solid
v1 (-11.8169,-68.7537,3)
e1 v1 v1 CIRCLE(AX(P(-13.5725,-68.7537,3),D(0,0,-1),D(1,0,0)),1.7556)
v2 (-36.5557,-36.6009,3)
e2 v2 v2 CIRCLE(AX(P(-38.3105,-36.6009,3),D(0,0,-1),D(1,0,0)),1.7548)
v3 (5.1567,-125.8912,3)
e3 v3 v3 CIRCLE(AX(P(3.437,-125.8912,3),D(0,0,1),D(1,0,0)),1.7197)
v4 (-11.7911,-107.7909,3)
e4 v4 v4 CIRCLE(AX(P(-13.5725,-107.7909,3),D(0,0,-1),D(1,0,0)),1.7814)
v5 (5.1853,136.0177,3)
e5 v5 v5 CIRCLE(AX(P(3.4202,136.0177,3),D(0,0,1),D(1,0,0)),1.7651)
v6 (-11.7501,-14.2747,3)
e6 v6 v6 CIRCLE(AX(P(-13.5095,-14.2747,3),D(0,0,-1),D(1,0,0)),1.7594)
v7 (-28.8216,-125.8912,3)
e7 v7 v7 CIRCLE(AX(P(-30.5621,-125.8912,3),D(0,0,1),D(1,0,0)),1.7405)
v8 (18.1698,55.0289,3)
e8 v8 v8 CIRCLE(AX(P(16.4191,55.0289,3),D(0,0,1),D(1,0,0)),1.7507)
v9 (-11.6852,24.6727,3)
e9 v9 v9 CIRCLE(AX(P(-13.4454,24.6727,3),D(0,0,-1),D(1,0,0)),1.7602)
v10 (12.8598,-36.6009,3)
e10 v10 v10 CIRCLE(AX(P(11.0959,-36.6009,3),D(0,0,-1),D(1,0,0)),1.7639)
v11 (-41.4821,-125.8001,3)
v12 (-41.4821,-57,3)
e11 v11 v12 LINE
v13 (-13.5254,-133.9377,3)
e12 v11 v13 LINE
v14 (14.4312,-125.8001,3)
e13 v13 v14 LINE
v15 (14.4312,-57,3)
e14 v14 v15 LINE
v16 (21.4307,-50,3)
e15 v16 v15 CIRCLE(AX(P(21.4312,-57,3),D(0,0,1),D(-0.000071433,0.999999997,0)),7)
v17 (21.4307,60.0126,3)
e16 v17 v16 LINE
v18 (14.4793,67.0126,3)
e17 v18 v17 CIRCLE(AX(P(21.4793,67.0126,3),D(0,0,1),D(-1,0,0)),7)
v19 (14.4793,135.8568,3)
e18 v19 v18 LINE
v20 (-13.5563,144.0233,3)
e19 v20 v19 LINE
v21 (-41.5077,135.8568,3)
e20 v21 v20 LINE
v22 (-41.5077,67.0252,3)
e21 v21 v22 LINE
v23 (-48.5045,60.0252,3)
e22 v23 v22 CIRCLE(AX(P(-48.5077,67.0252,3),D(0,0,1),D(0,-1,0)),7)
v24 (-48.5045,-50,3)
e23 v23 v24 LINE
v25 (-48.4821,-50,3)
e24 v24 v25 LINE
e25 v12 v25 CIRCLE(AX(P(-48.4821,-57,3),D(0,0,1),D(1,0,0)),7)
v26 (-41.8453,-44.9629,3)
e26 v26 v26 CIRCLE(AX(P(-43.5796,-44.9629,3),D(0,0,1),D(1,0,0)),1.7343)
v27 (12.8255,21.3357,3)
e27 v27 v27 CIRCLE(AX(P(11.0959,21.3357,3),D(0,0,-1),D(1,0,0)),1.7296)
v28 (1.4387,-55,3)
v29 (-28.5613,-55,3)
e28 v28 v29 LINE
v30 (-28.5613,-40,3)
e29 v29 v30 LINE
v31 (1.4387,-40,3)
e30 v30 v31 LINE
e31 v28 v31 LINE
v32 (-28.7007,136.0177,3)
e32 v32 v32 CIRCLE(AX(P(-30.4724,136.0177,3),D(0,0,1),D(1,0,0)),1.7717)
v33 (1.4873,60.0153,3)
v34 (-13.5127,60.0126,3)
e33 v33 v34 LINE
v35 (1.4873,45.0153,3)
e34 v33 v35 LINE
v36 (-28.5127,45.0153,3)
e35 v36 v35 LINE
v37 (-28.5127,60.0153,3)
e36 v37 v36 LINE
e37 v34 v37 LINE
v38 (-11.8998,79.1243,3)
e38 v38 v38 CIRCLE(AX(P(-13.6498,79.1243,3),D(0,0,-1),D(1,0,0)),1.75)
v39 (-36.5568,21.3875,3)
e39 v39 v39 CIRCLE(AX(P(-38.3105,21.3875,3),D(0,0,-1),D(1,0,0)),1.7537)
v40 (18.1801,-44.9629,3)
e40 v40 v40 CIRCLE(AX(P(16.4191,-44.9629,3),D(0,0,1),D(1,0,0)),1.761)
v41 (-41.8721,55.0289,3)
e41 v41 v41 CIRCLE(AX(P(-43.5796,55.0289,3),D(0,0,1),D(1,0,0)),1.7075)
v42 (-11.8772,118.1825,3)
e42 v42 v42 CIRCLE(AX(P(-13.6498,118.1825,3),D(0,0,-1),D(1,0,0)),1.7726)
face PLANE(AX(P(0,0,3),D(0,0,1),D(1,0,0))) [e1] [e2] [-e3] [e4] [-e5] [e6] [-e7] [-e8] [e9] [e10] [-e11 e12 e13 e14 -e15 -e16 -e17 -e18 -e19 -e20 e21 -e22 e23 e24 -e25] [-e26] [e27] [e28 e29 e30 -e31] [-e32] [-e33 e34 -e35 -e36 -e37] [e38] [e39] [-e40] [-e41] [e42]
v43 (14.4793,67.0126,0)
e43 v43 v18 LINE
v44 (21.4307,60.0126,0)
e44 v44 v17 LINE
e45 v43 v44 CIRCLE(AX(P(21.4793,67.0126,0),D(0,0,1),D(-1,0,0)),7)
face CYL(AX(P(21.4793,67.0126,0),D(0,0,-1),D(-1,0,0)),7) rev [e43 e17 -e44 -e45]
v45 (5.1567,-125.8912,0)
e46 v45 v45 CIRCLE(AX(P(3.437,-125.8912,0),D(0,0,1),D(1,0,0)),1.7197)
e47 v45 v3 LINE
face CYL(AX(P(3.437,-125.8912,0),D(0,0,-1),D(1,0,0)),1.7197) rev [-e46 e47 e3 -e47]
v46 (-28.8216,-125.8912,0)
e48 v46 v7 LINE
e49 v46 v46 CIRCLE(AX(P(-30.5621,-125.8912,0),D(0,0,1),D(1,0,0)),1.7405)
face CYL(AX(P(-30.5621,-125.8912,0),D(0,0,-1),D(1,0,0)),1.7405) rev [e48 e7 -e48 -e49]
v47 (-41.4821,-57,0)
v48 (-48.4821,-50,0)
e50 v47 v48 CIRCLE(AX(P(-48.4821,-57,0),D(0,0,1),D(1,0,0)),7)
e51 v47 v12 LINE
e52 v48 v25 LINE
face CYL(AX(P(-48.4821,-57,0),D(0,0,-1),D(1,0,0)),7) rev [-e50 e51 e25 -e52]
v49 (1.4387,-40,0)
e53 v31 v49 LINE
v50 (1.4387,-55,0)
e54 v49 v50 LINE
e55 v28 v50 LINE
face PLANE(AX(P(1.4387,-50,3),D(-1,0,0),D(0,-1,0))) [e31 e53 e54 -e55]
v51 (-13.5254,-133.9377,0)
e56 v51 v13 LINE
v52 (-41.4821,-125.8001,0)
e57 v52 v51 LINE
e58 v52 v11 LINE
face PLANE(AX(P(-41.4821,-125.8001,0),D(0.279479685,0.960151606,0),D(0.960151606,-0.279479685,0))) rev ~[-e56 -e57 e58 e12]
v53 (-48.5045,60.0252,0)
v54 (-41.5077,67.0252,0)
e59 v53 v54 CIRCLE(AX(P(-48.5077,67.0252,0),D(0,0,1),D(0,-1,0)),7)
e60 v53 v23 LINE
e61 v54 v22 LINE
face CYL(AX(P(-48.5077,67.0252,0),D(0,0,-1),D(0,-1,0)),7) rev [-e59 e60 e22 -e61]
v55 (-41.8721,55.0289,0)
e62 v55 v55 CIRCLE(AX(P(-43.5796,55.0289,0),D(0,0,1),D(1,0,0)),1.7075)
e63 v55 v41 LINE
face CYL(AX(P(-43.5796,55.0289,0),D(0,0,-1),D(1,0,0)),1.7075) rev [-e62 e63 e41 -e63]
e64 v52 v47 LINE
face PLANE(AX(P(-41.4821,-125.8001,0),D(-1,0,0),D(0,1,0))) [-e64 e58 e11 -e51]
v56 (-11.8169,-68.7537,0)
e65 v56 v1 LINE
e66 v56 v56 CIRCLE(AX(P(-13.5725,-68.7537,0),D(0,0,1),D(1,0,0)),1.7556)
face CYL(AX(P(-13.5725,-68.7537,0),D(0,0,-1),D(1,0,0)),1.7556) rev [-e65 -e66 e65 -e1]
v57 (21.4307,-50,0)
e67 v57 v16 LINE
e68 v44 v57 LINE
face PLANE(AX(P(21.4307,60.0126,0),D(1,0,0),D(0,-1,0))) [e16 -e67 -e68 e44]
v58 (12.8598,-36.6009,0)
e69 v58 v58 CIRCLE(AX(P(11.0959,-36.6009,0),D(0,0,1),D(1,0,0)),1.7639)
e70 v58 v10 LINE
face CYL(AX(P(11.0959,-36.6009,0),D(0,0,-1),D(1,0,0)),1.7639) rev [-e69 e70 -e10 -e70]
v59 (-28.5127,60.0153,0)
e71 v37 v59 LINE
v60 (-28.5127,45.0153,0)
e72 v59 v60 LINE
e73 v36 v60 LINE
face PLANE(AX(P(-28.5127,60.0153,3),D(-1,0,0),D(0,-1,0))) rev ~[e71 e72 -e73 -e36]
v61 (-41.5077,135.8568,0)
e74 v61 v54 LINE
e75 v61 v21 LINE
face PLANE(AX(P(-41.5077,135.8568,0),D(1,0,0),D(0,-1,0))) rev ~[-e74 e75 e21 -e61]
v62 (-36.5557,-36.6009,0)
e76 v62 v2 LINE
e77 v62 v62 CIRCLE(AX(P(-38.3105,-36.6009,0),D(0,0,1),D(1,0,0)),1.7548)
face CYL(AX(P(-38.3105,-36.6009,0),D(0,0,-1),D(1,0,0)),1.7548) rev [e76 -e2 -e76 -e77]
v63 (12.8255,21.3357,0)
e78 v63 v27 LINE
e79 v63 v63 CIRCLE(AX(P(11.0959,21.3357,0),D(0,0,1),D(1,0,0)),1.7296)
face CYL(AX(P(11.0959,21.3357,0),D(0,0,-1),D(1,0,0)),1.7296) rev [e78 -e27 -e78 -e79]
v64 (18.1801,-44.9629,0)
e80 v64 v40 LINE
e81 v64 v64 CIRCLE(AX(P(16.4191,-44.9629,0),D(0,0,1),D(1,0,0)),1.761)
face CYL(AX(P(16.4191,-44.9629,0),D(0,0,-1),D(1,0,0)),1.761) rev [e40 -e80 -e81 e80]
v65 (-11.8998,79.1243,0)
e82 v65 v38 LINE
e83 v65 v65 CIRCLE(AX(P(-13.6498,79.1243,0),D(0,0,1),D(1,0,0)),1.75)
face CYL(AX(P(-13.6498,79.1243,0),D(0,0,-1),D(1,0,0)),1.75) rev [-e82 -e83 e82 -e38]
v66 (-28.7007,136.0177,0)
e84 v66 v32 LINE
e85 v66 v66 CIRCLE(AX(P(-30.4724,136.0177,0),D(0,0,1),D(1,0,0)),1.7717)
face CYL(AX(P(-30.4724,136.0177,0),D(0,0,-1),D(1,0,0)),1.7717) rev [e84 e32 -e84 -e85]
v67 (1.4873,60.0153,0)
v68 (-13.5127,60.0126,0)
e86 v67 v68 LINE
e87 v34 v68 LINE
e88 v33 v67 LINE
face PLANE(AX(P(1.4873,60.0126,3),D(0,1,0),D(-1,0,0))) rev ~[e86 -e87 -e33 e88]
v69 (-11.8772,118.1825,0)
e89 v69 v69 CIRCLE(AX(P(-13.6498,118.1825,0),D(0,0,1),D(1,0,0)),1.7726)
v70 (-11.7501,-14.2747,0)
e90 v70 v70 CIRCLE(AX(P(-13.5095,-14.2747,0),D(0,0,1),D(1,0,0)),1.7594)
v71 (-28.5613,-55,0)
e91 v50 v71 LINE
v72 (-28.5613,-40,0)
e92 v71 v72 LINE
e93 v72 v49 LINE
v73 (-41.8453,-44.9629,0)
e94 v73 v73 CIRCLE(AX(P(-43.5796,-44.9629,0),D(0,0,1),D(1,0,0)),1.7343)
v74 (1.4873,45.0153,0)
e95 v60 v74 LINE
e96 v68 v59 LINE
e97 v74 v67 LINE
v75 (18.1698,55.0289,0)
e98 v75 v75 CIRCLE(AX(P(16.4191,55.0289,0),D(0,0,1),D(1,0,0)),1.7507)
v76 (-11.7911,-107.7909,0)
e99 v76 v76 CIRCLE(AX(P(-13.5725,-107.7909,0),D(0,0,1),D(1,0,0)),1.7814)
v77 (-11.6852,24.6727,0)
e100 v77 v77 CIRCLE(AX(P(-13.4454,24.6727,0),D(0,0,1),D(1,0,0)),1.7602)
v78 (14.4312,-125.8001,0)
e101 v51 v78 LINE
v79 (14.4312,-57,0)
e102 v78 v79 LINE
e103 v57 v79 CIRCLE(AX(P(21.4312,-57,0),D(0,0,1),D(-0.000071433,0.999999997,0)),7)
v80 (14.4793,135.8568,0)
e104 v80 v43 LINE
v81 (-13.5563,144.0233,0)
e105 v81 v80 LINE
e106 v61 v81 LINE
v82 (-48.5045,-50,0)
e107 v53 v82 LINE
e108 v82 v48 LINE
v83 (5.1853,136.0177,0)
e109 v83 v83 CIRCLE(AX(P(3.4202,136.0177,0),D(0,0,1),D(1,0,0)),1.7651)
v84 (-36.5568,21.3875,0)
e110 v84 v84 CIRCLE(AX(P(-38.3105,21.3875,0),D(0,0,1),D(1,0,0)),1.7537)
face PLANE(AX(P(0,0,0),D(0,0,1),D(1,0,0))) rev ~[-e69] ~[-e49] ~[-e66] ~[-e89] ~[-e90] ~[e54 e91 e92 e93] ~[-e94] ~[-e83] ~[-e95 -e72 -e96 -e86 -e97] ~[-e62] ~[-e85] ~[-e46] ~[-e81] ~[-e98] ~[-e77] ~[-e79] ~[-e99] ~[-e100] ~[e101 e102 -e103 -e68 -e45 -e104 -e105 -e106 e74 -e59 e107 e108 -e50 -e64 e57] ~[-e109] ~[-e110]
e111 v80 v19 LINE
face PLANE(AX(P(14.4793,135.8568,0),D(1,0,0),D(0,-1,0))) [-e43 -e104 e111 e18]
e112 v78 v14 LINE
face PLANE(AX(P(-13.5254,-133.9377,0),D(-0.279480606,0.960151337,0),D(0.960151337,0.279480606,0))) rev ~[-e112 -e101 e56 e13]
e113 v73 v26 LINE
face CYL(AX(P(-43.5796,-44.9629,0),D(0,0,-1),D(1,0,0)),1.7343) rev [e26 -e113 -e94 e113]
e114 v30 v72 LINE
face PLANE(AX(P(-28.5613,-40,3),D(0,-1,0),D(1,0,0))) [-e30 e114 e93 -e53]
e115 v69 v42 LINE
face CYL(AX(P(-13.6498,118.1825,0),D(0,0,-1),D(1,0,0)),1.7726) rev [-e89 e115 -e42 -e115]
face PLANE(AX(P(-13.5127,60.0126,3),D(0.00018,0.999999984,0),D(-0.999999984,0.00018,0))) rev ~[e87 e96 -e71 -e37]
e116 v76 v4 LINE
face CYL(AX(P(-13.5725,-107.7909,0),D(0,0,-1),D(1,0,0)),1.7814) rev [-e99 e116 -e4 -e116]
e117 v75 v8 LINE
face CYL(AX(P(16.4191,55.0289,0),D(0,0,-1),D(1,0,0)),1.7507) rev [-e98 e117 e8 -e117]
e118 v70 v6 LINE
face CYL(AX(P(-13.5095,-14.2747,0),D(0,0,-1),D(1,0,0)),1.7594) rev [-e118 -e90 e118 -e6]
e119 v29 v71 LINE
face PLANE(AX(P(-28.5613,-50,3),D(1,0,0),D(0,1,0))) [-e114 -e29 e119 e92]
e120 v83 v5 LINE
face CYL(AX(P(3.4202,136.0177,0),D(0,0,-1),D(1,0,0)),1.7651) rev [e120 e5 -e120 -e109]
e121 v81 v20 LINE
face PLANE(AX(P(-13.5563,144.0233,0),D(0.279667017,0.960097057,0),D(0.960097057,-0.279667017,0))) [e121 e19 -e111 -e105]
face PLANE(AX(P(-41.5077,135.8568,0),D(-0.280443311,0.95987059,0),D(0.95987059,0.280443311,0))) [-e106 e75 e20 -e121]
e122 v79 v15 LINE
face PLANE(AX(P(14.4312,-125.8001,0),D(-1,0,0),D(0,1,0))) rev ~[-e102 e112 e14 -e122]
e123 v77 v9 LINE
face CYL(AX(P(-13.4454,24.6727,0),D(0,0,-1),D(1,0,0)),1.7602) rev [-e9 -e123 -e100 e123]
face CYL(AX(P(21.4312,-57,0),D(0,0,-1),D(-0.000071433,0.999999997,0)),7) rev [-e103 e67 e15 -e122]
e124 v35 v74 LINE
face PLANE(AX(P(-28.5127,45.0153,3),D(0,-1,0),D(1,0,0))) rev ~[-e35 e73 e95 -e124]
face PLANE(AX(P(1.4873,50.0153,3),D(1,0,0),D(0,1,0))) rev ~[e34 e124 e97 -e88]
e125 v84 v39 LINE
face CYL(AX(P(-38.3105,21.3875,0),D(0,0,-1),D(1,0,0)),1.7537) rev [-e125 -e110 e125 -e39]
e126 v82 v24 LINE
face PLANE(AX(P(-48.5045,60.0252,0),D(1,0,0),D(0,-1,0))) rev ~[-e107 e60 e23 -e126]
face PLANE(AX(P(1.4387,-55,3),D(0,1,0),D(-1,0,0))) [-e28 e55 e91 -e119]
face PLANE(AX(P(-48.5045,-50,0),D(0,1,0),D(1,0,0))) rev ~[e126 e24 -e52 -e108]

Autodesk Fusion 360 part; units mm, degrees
sketch "Skizze1" plane through (0, 0, 0) normal (0, 0, 1) x (1, 0, 0)
  line L0 (-48.5045, 60.0252) -> (-48.5045, -50)
  line L1 (21.4307, 60.0126) -> (21.4307, -50)
  line L2 (-41.5077, 135.8568) -> (-13.5563, 144.0233)
  line L3 (-13.5563, 144.0233) -> (14.4793, 135.8568)
  line L4 (-41.4821, -125.8001) -> (-13.5254, -133.9377)
  line L5 (-13.5254, -133.9377) -> (14.4312, -125.8001)
  line L6 (14.4312, -125.8001) -> (14.4312, -57)
  line L7 (-41.4821, -125.8001) -> (-41.4821, -57)
  line L8 (-41.5077, 135.8568) -> (-41.5077, 66.6867)
  line L9 (14.4793, 135.8568) -> (14.4793, 66.6867)
  circle A0 centre (3.4202, 136.0177) radius 1.7651
  circle A1 centre (-30.4724, 136.0177) radius 1.7717
  circle A2 centre (-30.5621, -125.8912) radius 1.7405
  circle A3 centre (3.437, -125.8912) radius 1.7197
  circle A4 centre (-43.5796, -44.9629) radius 1.7343
  circle A5 centre (16.4191, -44.9629) radius 1.761
  circle A6 centre (-43.5796, 55.0289) radius 1.7075
  circle A7 centre (16.4191, 55.0289) radius 1.7507
  line L10 (21.4307, 60.0126) -> (21.4793, 60.0126)
  line L11 (14.4793, 67.0126) -> (14.4793, 66.6867)
  line L12 (-41.5077, 66.6867) -> (-41.5077, 67.0252)
  line L13 (-48.5077, 60.0252) -> (-48.5045, 60.0252)
  line L14 (-48.5045, -50) -> (-48.4821, -50)
  line L15 (21.4312, -50) -> (21.4307, -50)
  arc A8 (21.4312, -50) -> (14.4312, -57) centre (21.4312, -57) ccw
  arc A9 (-41.4821, -57) -> (-48.4821, -50) centre (-48.4821, -57) ccw
  arc A10 (-48.5077, 60.0252) -> (-41.5077, 67.0252) centre (-48.5077, 67.0252) ccw
  arc A11 (14.4793, 67.0126) -> (21.4793, 60.0126) centre (21.4793, 67.0126) ccw
  dimension "d1" = 7
  dimension "d2" = 7
  dimension "d3" = 7
  dimension "d4" = 7
extrude "Extrusion1" add sketch "Skizze1" along normal blind 3
sketch "Skizze2" plane through (0, 0, 0) normal (0, 0, 1) x (1, 0, 0)
  circle A0 centre (-13.6498, 118.1825) radius 1.7726
  circle A1 centre (-13.6498, 79.1243) radius 1.75
  circle A2 centre (-13.4454, 24.6727) radius 1.7602
  circle A3 centre (-13.5095, -14.2747) radius 1.7594
  circle A4 centre (-38.3105, 21.3875) radius 1.7537
  circle A5 centre (-38.3105, -36.6009) radius 1.7548
  circle A6 centre (11.0959, -36.6009) radius 1.7639
  circle A7 centre (11.0959, 21.3357) radius 1.7296
  circle A8 centre (-13.5725, -68.7537) radius 1.7556
  circle A9 centre (-13.5725, -107.7909) radius 1.7814
  dimension "d7" = 3.5
extrude "Extrusion2" cut sketch "Skizze2" along normal blind 10
sketch "Skizze3" plane through (0, 0, 3) normal (0, 0, 1) x (-1, 0, 0)
  circle A0 centre (13.6498, -118.1825) radius 1.7726
  circle A1 centre (38.3105, -21.3875) radius 1.7537
  circle A2 centre (38.3105, 36.6009) radius 1.7548
  circle A3 centre (13.4454, -24.6727) radius 1.7602
  circle A4 centre (13.5725, 107.7909) radius 1.7814
  circle A5 centre (13.6498, -79.1243) radius 1.75
  circle A6 centre (13.5095, 14.2747) radius 1.7594
  circle A7 centre (-11.0959, 36.6009) radius 1.7639
  circle A8 centre (-11.0959, -21.3357) radius 1.7296
  circle A9 centre (13.5725, 68.7537) radius 1.7556
  circle A10 centre (43.5796, 44.9629) radius 1.7343
  circle A11 centre (30.5621, 125.8912) radius 1.7405
  circle A12 centre (-16.4191, -55.0289) radius 1.7507
  circle A13 centre (-16.4191, 44.9629) radius 1.761
  circle A14 centre (30.4724, -136.0177) radius 1.7717
  circle A15 centre (-3.437, 125.8912) radius 1.7197
  circle A16 centre (-3.4202, -136.0177) radius 1.7651
  circle A17 centre (43.5796, -55.0289) radius 1.7075
  line L0 (41.5077, -135.8568) -> (41.5077, -67.0252)
  arc A18 (48.5045, -60.0252) -> (41.5077, -67.0252) centre (48.5077, -67.0252) ccw
  line L1 (48.5045, -60.0252) -> (48.5045, 50)
  line L2 (48.5045, 50) -> (48.4821, 50)
  arc A19 (41.4821, 57) -> (48.4821, 50) centre (48.4821, 57) ccw
  line L3 (41.4821, 57) -> (41.4821, 125.8001)
  line L4 (41.4821, 125.8001) -> (13.5254, 133.9377)
  line L5 (13.5254, 133.9377) -> (-14.4312, 125.8001)
  line L6 (-14.4312, 125.8001) -> (-14.4312, 57)
  arc A20 (-21.4307, 50) -> (-14.4312, 57) centre (-21.4312, 57) ccw
  line L7 (-21.4307, 50) -> (-21.4307, -60.0126)
  line L8 (-21.4307, -60.0126) -> (-21.4793, -60.0126)
  arc A21 (-14.4793, -67.0126) -> (-21.4793, -60.0126) centre (-21.4793, -67.0126) ccw
  line L9 (-14.4793, -67.0126) -> (-14.4793, -135.8568)
  line L10 (-14.4793, -135.8568) -> (13.5563, -144.0233)
  line L11 (13.5563, -144.0233) -> (41.5077, -135.8568)
  line L12 (48.4821, 50) -> (-21.4307, 50)
  line L13 (48.5045, -60.0252) -> (-21.4793, -60.0126)
  line L14 (-21.4793, -60.0126) -> (13.5127, -60.0126)
  line L15 (-21.4307, 50) -> (13.5257, 50)
  line L16 (-21.4307, 50) -> (13.5613, 50)
  line L17 (13.5127, -60.0126) -> (28.5127, -60.0153)
  line L18 (28.5127, -60.0153) -> (-1.4873, -60.0153)
  line L19 (13.5613, 50) -> (13.5613, 45)
  line L20 (13.5613, 45) -> (28.5613, 45)
  line L21 (28.5613, 45) -> (-1.4387, 45)
  line L22 (-1.4387, 45) -> (-1.4387, 55)
  line L23 (-1.4387, 55) -> (28.5613, 55)
  line L24 (28.5613, 55) -> (28.5613, 45)
  line L25 (-1.4873, -60.0153) -> (28.5127, -60.0153)
  line L26 (28.5127, -60.0153) -> (28.5127, -50.0153)
  line L27 (28.5127, -50.0153) -> (-1.4873, -50.0153)
  line L28 (-1.4873, -50.0153) -> (-1.4873, -60.0153)
  line L29 (-1.4387, 45) -> (28.5613, 45)
  line L30 (28.5613, 45) -> (28.5613, 40)
  line L31 (28.5613, 40) -> (-1.4387, 40)
  line L32 (-1.4387, 40) -> (-1.4387, 45)
  line L33 (-1.4873, -50.0153) -> (28.5127, -50.0153)
  line L34 (28.5127, -50.0153) -> (28.5127, -45.0153)
  line L35 (28.5127, -45.0153) -> (-1.4873, -45.0153)
  line L36 (-1.4873, -45.0153) -> (-1.4873, -50.0153)
  dimension "d10" = 34.992
  dimension "d11" = 34.992
  dimension "d12" = 15
  dimension "d13" = 30
  dimension "d15" = 5
  dimension "d16" = 15
  dimension "d17" = 30
  dimension "d18" = 10
  dimension "d19" = 30
  dimension "d20" = 10
  dimension "d21" = 30
  dimension "d22" = 5
  dimension "d23" = 30
  dimension "d24" = 5
extrude "Extrusion3" cut sketch "Skizze3" against normal blind 10 contours L14 L17 L26 L27 L28 L33 | L27 L33 L34 L35 L36 | L12 L19 L20 L21 L24 L29 | L12 L15 L16 L22 L23 L24 | L12 L15 L16 L19 L21 L22 L29 | L20 L21 L29 L30 L31 L32
